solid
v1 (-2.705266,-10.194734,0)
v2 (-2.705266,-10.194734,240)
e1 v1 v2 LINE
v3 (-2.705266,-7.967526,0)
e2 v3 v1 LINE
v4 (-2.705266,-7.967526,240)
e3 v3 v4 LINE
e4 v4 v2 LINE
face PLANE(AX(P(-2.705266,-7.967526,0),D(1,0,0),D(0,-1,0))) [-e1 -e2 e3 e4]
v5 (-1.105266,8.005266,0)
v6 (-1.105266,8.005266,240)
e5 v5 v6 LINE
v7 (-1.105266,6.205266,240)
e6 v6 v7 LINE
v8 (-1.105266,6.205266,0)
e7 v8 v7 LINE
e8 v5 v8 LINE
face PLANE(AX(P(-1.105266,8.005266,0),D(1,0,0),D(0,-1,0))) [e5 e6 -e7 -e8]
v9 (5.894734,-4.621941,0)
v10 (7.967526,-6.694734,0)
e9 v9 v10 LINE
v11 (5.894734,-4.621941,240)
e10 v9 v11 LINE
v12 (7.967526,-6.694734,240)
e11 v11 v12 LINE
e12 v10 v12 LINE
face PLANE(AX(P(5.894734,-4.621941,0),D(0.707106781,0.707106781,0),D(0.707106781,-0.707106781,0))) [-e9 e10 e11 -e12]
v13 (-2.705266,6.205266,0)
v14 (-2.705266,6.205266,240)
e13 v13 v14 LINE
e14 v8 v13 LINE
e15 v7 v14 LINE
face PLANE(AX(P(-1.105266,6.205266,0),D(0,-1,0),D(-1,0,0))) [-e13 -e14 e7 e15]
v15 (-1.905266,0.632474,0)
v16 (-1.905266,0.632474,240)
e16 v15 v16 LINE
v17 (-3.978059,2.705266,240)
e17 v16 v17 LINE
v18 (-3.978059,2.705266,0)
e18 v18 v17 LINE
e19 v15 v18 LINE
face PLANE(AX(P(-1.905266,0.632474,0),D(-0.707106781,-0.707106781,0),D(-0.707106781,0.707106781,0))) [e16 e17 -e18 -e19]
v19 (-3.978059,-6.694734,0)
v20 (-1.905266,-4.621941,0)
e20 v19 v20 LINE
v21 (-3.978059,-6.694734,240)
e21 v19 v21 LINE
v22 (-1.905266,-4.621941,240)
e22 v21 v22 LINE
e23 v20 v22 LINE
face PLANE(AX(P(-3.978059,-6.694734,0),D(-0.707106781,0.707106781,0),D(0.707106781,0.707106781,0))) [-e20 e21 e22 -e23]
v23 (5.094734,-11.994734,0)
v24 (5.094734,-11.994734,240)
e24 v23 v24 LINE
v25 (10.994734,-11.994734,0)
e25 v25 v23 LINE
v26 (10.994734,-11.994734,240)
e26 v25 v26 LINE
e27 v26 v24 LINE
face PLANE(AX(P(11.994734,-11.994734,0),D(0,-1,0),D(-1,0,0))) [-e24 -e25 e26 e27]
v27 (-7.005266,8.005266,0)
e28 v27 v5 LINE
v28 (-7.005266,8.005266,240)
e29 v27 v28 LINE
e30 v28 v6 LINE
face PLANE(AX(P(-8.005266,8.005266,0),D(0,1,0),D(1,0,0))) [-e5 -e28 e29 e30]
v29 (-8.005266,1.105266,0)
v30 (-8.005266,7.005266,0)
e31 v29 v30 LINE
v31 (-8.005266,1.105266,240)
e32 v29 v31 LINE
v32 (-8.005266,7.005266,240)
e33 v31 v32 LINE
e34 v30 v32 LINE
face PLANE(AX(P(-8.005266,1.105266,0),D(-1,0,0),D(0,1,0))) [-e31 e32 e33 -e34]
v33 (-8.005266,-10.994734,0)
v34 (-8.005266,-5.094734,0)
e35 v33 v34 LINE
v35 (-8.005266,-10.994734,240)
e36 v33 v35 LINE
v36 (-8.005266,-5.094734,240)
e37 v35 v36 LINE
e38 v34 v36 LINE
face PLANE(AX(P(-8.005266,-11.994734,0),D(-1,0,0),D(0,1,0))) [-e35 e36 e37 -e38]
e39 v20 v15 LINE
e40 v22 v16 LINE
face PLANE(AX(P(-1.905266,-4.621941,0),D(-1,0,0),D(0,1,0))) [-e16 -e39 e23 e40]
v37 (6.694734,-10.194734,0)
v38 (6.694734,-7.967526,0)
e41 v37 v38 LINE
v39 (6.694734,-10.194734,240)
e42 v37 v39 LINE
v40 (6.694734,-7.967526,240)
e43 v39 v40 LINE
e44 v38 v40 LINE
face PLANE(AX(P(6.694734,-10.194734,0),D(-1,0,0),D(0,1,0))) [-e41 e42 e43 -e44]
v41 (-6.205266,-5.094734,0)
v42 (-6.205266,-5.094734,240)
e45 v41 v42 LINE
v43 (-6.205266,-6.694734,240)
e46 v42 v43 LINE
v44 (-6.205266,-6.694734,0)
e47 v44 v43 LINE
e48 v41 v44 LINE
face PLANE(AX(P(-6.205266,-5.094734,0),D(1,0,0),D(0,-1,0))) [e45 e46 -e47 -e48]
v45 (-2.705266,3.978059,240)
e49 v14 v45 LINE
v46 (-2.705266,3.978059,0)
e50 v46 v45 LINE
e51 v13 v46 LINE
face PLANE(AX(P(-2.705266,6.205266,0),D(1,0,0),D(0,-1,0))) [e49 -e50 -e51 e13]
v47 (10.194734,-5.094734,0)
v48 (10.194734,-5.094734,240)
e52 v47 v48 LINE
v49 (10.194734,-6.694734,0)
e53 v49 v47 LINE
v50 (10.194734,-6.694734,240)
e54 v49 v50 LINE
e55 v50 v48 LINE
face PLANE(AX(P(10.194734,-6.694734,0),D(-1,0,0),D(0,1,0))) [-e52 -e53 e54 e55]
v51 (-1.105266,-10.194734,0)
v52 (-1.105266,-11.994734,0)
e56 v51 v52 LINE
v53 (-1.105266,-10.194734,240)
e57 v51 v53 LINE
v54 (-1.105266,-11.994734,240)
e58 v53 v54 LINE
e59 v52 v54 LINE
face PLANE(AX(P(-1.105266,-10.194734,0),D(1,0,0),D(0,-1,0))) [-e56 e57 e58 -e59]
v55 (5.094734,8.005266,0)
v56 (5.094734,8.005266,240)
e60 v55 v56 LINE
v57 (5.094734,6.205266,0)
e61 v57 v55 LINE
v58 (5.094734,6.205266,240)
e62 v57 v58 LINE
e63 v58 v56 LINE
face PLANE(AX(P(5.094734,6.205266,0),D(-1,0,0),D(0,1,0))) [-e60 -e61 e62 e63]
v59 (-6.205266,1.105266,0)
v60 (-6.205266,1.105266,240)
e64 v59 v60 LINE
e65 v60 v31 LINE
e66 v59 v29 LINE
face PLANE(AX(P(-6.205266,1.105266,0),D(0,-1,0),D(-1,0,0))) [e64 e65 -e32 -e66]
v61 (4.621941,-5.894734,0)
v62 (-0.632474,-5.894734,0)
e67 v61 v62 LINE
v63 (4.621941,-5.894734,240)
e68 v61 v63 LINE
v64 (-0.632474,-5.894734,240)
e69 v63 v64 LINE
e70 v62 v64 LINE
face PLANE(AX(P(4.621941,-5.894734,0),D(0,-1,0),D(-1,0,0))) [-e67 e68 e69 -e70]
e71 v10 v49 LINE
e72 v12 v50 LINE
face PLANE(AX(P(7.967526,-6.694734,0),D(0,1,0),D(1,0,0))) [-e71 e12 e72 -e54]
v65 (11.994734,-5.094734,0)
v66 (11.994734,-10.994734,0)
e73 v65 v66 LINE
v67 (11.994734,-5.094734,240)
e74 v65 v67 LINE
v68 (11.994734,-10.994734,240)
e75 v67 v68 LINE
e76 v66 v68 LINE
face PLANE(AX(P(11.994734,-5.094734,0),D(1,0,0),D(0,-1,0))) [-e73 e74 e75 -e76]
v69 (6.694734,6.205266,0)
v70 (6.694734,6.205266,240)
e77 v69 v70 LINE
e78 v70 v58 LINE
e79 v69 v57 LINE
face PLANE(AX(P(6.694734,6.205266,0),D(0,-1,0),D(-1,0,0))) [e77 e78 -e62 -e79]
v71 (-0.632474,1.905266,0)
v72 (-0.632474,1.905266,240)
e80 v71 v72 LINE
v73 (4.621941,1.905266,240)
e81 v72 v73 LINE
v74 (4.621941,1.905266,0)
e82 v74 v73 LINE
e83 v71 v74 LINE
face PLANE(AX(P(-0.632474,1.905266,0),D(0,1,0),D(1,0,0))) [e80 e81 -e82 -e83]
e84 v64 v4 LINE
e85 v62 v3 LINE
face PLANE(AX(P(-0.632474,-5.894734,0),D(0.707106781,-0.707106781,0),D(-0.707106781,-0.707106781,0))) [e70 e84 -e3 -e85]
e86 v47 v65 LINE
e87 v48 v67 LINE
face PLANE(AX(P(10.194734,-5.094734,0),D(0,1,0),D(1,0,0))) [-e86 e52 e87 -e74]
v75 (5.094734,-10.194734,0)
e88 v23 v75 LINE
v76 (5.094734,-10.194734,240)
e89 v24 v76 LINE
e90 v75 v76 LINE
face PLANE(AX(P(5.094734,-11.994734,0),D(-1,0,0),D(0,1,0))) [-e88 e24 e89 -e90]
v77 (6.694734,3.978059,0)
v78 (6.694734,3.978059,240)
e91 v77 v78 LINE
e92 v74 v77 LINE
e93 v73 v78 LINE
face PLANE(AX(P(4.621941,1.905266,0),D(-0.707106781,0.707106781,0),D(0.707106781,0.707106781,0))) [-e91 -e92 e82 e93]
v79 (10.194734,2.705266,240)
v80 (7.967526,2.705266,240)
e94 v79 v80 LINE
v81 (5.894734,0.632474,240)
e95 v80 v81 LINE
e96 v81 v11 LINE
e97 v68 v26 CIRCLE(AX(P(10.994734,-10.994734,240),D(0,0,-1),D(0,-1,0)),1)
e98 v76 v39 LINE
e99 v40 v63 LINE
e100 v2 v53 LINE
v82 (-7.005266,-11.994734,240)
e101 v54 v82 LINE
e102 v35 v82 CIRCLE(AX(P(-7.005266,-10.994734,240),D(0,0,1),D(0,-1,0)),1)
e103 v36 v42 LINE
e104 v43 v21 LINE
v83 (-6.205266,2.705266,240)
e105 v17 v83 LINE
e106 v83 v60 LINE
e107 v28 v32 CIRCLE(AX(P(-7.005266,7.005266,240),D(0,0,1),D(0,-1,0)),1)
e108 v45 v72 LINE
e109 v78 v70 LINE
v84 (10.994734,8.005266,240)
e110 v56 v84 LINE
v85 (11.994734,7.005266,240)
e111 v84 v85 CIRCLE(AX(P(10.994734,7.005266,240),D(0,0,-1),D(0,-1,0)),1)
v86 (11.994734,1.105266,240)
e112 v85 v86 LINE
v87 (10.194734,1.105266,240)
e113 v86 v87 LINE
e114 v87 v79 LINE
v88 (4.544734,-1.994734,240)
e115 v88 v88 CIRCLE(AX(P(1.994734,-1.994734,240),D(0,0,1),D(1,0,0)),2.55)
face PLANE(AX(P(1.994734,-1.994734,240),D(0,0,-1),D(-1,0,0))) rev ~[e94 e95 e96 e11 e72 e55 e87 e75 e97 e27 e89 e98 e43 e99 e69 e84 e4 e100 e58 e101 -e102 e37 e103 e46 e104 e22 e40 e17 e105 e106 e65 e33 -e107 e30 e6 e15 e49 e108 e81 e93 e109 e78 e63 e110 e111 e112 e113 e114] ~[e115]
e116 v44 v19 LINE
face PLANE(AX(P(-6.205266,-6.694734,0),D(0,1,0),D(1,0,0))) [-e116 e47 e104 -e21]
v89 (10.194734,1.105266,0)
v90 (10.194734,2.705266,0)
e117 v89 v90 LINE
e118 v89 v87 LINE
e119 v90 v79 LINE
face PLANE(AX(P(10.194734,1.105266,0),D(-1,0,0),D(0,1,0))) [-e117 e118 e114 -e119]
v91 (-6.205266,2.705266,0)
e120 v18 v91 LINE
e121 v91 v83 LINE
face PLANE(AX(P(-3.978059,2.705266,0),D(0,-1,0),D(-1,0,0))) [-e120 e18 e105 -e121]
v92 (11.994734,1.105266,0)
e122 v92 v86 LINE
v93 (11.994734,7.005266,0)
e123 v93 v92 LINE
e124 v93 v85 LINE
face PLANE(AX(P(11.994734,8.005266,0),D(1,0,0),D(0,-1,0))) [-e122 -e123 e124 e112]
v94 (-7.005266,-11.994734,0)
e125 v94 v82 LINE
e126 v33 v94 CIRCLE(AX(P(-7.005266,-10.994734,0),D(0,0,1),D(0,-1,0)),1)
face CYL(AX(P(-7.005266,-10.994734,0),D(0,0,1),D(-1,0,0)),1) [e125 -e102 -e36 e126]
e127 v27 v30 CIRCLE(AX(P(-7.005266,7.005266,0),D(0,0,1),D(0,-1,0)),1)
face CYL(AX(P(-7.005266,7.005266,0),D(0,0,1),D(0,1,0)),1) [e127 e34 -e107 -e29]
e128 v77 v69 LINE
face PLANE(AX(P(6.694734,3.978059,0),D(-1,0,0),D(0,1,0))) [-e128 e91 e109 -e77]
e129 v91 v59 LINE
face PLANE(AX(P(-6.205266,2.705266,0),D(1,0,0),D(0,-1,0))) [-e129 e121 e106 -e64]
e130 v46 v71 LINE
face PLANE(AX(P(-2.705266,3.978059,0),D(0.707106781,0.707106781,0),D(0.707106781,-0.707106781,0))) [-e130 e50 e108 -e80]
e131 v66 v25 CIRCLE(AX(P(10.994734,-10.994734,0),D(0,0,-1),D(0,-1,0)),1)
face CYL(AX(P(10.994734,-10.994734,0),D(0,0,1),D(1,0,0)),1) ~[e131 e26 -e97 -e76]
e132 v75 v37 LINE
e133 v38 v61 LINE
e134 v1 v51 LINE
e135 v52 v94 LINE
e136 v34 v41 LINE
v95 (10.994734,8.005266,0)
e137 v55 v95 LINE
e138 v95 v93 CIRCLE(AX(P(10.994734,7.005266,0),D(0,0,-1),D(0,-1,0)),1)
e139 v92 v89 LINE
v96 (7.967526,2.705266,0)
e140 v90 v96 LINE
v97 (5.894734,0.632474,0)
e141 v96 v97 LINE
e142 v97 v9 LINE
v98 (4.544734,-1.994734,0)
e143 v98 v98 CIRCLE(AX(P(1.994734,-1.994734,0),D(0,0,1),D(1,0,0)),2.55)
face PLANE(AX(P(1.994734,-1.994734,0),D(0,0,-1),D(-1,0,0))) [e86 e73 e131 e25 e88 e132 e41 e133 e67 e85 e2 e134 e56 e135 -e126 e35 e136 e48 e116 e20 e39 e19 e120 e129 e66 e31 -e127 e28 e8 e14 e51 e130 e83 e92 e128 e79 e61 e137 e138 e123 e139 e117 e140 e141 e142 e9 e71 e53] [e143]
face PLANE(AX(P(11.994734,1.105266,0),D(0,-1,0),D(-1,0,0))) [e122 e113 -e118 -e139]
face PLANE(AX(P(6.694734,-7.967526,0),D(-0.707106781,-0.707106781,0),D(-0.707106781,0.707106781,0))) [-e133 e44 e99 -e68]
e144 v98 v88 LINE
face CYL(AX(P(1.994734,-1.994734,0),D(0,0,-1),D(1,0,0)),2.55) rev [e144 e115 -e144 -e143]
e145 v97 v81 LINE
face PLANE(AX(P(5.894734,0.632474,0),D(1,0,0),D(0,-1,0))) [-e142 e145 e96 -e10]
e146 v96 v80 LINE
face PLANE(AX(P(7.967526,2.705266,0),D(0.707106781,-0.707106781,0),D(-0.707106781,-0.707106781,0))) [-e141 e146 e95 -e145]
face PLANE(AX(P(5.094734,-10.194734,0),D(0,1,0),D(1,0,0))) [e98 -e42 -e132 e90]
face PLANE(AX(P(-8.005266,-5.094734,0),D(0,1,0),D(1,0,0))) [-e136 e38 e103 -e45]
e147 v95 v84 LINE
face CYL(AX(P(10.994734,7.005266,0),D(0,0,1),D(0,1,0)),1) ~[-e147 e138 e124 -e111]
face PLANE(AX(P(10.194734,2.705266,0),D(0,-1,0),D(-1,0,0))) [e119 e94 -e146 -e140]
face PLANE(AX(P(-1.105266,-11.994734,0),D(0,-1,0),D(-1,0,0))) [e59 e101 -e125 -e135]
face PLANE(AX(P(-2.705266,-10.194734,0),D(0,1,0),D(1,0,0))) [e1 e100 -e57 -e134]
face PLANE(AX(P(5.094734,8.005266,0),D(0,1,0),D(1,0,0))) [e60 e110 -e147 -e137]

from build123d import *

# Parameters (mm, degrees)
SKETCH_1_R      = 2.55
EXTRUDE_1_DEPTH = 240
FILLET_1_R      = 1


with BuildPart() as part:
    # 草图1 → 凸台-拉伸1 (new body)
    with BuildSketch(Plane.XY):
        Polygon((4.62194142, 1.905266374), (6.694733626, 3.97805858), (6.694733626, 6.205266374), (5.094733626, 6.205266374), (5.094733626, 8.005266374), (11.994733626, 8.005266374), (11.994733626, 1.105266374), (10.194733626, 1.105266374), (10.194733626, 2.705266374), (7.967525833, 2.705266374), (5.894733626, 0.632474167), (5.894733626, -4.62194142), (7.967525833, -6.694733626), (10.194733626, -6.694733626), (10.194733626, -5.094733626), (11.994733626, -5.094733626), (11.994733626, -11.994733626), (5.094733626, -11.994733626), (5.094733626, -10.194733626), (6.694733626, -10.194733626), (6.694733626, -7.967525833), (4.62194142, -5.894733626), (-0.632474167, -5.894733626), (-2.705266374, -7.967525833), (-2.705266374, -10.194733626), (-1.105266374, -10.194733626), (-1.105266374, -11.994733626), (-8.005266374, -11.994733626), (-8.005266374, -5.094733626), (-6.205266374, -5.094733626), (-6.205266374, -6.694733626), (-3.97805858, -6.694733626), (-1.905266374, -4.62194142), (-1.905266374, 0.632474167), (-3.97805858, 2.705266374), (-6.205266374, 2.705266374), (-6.205266374, 1.105266374), (-8.005266374, 1.105266374), (-8.005266374, 8.005266374), (-1.105266374, 8.005266374), (-1.105266374, 6.205266374), (-2.705266374, 6.205266374), (-2.705266374, 3.97805858), (-0.632474167, 1.905266374), align=None)
        with Locations((1.994733626, -1.994733626)):
            Circle(SKETCH_1_R, mode=Mode.SUBTRACT)
    extrude(amount=EXTRUDE_1_DEPTH)

    # 圆角1
    fillet_1_edges = [part.edges().sort_by_distance(p)[0] for p in [
        (-8.005266374, -11.994733626, 120),
        (-8.005266374, 8.005266374, 120),
        (11.994733626, 8.005266374, 120),
        (11.994733626, -11.994733626, 120),
    ]]
    fillet(fillet_1_edges, radius=FILLET_1_R)


solid = part.part
